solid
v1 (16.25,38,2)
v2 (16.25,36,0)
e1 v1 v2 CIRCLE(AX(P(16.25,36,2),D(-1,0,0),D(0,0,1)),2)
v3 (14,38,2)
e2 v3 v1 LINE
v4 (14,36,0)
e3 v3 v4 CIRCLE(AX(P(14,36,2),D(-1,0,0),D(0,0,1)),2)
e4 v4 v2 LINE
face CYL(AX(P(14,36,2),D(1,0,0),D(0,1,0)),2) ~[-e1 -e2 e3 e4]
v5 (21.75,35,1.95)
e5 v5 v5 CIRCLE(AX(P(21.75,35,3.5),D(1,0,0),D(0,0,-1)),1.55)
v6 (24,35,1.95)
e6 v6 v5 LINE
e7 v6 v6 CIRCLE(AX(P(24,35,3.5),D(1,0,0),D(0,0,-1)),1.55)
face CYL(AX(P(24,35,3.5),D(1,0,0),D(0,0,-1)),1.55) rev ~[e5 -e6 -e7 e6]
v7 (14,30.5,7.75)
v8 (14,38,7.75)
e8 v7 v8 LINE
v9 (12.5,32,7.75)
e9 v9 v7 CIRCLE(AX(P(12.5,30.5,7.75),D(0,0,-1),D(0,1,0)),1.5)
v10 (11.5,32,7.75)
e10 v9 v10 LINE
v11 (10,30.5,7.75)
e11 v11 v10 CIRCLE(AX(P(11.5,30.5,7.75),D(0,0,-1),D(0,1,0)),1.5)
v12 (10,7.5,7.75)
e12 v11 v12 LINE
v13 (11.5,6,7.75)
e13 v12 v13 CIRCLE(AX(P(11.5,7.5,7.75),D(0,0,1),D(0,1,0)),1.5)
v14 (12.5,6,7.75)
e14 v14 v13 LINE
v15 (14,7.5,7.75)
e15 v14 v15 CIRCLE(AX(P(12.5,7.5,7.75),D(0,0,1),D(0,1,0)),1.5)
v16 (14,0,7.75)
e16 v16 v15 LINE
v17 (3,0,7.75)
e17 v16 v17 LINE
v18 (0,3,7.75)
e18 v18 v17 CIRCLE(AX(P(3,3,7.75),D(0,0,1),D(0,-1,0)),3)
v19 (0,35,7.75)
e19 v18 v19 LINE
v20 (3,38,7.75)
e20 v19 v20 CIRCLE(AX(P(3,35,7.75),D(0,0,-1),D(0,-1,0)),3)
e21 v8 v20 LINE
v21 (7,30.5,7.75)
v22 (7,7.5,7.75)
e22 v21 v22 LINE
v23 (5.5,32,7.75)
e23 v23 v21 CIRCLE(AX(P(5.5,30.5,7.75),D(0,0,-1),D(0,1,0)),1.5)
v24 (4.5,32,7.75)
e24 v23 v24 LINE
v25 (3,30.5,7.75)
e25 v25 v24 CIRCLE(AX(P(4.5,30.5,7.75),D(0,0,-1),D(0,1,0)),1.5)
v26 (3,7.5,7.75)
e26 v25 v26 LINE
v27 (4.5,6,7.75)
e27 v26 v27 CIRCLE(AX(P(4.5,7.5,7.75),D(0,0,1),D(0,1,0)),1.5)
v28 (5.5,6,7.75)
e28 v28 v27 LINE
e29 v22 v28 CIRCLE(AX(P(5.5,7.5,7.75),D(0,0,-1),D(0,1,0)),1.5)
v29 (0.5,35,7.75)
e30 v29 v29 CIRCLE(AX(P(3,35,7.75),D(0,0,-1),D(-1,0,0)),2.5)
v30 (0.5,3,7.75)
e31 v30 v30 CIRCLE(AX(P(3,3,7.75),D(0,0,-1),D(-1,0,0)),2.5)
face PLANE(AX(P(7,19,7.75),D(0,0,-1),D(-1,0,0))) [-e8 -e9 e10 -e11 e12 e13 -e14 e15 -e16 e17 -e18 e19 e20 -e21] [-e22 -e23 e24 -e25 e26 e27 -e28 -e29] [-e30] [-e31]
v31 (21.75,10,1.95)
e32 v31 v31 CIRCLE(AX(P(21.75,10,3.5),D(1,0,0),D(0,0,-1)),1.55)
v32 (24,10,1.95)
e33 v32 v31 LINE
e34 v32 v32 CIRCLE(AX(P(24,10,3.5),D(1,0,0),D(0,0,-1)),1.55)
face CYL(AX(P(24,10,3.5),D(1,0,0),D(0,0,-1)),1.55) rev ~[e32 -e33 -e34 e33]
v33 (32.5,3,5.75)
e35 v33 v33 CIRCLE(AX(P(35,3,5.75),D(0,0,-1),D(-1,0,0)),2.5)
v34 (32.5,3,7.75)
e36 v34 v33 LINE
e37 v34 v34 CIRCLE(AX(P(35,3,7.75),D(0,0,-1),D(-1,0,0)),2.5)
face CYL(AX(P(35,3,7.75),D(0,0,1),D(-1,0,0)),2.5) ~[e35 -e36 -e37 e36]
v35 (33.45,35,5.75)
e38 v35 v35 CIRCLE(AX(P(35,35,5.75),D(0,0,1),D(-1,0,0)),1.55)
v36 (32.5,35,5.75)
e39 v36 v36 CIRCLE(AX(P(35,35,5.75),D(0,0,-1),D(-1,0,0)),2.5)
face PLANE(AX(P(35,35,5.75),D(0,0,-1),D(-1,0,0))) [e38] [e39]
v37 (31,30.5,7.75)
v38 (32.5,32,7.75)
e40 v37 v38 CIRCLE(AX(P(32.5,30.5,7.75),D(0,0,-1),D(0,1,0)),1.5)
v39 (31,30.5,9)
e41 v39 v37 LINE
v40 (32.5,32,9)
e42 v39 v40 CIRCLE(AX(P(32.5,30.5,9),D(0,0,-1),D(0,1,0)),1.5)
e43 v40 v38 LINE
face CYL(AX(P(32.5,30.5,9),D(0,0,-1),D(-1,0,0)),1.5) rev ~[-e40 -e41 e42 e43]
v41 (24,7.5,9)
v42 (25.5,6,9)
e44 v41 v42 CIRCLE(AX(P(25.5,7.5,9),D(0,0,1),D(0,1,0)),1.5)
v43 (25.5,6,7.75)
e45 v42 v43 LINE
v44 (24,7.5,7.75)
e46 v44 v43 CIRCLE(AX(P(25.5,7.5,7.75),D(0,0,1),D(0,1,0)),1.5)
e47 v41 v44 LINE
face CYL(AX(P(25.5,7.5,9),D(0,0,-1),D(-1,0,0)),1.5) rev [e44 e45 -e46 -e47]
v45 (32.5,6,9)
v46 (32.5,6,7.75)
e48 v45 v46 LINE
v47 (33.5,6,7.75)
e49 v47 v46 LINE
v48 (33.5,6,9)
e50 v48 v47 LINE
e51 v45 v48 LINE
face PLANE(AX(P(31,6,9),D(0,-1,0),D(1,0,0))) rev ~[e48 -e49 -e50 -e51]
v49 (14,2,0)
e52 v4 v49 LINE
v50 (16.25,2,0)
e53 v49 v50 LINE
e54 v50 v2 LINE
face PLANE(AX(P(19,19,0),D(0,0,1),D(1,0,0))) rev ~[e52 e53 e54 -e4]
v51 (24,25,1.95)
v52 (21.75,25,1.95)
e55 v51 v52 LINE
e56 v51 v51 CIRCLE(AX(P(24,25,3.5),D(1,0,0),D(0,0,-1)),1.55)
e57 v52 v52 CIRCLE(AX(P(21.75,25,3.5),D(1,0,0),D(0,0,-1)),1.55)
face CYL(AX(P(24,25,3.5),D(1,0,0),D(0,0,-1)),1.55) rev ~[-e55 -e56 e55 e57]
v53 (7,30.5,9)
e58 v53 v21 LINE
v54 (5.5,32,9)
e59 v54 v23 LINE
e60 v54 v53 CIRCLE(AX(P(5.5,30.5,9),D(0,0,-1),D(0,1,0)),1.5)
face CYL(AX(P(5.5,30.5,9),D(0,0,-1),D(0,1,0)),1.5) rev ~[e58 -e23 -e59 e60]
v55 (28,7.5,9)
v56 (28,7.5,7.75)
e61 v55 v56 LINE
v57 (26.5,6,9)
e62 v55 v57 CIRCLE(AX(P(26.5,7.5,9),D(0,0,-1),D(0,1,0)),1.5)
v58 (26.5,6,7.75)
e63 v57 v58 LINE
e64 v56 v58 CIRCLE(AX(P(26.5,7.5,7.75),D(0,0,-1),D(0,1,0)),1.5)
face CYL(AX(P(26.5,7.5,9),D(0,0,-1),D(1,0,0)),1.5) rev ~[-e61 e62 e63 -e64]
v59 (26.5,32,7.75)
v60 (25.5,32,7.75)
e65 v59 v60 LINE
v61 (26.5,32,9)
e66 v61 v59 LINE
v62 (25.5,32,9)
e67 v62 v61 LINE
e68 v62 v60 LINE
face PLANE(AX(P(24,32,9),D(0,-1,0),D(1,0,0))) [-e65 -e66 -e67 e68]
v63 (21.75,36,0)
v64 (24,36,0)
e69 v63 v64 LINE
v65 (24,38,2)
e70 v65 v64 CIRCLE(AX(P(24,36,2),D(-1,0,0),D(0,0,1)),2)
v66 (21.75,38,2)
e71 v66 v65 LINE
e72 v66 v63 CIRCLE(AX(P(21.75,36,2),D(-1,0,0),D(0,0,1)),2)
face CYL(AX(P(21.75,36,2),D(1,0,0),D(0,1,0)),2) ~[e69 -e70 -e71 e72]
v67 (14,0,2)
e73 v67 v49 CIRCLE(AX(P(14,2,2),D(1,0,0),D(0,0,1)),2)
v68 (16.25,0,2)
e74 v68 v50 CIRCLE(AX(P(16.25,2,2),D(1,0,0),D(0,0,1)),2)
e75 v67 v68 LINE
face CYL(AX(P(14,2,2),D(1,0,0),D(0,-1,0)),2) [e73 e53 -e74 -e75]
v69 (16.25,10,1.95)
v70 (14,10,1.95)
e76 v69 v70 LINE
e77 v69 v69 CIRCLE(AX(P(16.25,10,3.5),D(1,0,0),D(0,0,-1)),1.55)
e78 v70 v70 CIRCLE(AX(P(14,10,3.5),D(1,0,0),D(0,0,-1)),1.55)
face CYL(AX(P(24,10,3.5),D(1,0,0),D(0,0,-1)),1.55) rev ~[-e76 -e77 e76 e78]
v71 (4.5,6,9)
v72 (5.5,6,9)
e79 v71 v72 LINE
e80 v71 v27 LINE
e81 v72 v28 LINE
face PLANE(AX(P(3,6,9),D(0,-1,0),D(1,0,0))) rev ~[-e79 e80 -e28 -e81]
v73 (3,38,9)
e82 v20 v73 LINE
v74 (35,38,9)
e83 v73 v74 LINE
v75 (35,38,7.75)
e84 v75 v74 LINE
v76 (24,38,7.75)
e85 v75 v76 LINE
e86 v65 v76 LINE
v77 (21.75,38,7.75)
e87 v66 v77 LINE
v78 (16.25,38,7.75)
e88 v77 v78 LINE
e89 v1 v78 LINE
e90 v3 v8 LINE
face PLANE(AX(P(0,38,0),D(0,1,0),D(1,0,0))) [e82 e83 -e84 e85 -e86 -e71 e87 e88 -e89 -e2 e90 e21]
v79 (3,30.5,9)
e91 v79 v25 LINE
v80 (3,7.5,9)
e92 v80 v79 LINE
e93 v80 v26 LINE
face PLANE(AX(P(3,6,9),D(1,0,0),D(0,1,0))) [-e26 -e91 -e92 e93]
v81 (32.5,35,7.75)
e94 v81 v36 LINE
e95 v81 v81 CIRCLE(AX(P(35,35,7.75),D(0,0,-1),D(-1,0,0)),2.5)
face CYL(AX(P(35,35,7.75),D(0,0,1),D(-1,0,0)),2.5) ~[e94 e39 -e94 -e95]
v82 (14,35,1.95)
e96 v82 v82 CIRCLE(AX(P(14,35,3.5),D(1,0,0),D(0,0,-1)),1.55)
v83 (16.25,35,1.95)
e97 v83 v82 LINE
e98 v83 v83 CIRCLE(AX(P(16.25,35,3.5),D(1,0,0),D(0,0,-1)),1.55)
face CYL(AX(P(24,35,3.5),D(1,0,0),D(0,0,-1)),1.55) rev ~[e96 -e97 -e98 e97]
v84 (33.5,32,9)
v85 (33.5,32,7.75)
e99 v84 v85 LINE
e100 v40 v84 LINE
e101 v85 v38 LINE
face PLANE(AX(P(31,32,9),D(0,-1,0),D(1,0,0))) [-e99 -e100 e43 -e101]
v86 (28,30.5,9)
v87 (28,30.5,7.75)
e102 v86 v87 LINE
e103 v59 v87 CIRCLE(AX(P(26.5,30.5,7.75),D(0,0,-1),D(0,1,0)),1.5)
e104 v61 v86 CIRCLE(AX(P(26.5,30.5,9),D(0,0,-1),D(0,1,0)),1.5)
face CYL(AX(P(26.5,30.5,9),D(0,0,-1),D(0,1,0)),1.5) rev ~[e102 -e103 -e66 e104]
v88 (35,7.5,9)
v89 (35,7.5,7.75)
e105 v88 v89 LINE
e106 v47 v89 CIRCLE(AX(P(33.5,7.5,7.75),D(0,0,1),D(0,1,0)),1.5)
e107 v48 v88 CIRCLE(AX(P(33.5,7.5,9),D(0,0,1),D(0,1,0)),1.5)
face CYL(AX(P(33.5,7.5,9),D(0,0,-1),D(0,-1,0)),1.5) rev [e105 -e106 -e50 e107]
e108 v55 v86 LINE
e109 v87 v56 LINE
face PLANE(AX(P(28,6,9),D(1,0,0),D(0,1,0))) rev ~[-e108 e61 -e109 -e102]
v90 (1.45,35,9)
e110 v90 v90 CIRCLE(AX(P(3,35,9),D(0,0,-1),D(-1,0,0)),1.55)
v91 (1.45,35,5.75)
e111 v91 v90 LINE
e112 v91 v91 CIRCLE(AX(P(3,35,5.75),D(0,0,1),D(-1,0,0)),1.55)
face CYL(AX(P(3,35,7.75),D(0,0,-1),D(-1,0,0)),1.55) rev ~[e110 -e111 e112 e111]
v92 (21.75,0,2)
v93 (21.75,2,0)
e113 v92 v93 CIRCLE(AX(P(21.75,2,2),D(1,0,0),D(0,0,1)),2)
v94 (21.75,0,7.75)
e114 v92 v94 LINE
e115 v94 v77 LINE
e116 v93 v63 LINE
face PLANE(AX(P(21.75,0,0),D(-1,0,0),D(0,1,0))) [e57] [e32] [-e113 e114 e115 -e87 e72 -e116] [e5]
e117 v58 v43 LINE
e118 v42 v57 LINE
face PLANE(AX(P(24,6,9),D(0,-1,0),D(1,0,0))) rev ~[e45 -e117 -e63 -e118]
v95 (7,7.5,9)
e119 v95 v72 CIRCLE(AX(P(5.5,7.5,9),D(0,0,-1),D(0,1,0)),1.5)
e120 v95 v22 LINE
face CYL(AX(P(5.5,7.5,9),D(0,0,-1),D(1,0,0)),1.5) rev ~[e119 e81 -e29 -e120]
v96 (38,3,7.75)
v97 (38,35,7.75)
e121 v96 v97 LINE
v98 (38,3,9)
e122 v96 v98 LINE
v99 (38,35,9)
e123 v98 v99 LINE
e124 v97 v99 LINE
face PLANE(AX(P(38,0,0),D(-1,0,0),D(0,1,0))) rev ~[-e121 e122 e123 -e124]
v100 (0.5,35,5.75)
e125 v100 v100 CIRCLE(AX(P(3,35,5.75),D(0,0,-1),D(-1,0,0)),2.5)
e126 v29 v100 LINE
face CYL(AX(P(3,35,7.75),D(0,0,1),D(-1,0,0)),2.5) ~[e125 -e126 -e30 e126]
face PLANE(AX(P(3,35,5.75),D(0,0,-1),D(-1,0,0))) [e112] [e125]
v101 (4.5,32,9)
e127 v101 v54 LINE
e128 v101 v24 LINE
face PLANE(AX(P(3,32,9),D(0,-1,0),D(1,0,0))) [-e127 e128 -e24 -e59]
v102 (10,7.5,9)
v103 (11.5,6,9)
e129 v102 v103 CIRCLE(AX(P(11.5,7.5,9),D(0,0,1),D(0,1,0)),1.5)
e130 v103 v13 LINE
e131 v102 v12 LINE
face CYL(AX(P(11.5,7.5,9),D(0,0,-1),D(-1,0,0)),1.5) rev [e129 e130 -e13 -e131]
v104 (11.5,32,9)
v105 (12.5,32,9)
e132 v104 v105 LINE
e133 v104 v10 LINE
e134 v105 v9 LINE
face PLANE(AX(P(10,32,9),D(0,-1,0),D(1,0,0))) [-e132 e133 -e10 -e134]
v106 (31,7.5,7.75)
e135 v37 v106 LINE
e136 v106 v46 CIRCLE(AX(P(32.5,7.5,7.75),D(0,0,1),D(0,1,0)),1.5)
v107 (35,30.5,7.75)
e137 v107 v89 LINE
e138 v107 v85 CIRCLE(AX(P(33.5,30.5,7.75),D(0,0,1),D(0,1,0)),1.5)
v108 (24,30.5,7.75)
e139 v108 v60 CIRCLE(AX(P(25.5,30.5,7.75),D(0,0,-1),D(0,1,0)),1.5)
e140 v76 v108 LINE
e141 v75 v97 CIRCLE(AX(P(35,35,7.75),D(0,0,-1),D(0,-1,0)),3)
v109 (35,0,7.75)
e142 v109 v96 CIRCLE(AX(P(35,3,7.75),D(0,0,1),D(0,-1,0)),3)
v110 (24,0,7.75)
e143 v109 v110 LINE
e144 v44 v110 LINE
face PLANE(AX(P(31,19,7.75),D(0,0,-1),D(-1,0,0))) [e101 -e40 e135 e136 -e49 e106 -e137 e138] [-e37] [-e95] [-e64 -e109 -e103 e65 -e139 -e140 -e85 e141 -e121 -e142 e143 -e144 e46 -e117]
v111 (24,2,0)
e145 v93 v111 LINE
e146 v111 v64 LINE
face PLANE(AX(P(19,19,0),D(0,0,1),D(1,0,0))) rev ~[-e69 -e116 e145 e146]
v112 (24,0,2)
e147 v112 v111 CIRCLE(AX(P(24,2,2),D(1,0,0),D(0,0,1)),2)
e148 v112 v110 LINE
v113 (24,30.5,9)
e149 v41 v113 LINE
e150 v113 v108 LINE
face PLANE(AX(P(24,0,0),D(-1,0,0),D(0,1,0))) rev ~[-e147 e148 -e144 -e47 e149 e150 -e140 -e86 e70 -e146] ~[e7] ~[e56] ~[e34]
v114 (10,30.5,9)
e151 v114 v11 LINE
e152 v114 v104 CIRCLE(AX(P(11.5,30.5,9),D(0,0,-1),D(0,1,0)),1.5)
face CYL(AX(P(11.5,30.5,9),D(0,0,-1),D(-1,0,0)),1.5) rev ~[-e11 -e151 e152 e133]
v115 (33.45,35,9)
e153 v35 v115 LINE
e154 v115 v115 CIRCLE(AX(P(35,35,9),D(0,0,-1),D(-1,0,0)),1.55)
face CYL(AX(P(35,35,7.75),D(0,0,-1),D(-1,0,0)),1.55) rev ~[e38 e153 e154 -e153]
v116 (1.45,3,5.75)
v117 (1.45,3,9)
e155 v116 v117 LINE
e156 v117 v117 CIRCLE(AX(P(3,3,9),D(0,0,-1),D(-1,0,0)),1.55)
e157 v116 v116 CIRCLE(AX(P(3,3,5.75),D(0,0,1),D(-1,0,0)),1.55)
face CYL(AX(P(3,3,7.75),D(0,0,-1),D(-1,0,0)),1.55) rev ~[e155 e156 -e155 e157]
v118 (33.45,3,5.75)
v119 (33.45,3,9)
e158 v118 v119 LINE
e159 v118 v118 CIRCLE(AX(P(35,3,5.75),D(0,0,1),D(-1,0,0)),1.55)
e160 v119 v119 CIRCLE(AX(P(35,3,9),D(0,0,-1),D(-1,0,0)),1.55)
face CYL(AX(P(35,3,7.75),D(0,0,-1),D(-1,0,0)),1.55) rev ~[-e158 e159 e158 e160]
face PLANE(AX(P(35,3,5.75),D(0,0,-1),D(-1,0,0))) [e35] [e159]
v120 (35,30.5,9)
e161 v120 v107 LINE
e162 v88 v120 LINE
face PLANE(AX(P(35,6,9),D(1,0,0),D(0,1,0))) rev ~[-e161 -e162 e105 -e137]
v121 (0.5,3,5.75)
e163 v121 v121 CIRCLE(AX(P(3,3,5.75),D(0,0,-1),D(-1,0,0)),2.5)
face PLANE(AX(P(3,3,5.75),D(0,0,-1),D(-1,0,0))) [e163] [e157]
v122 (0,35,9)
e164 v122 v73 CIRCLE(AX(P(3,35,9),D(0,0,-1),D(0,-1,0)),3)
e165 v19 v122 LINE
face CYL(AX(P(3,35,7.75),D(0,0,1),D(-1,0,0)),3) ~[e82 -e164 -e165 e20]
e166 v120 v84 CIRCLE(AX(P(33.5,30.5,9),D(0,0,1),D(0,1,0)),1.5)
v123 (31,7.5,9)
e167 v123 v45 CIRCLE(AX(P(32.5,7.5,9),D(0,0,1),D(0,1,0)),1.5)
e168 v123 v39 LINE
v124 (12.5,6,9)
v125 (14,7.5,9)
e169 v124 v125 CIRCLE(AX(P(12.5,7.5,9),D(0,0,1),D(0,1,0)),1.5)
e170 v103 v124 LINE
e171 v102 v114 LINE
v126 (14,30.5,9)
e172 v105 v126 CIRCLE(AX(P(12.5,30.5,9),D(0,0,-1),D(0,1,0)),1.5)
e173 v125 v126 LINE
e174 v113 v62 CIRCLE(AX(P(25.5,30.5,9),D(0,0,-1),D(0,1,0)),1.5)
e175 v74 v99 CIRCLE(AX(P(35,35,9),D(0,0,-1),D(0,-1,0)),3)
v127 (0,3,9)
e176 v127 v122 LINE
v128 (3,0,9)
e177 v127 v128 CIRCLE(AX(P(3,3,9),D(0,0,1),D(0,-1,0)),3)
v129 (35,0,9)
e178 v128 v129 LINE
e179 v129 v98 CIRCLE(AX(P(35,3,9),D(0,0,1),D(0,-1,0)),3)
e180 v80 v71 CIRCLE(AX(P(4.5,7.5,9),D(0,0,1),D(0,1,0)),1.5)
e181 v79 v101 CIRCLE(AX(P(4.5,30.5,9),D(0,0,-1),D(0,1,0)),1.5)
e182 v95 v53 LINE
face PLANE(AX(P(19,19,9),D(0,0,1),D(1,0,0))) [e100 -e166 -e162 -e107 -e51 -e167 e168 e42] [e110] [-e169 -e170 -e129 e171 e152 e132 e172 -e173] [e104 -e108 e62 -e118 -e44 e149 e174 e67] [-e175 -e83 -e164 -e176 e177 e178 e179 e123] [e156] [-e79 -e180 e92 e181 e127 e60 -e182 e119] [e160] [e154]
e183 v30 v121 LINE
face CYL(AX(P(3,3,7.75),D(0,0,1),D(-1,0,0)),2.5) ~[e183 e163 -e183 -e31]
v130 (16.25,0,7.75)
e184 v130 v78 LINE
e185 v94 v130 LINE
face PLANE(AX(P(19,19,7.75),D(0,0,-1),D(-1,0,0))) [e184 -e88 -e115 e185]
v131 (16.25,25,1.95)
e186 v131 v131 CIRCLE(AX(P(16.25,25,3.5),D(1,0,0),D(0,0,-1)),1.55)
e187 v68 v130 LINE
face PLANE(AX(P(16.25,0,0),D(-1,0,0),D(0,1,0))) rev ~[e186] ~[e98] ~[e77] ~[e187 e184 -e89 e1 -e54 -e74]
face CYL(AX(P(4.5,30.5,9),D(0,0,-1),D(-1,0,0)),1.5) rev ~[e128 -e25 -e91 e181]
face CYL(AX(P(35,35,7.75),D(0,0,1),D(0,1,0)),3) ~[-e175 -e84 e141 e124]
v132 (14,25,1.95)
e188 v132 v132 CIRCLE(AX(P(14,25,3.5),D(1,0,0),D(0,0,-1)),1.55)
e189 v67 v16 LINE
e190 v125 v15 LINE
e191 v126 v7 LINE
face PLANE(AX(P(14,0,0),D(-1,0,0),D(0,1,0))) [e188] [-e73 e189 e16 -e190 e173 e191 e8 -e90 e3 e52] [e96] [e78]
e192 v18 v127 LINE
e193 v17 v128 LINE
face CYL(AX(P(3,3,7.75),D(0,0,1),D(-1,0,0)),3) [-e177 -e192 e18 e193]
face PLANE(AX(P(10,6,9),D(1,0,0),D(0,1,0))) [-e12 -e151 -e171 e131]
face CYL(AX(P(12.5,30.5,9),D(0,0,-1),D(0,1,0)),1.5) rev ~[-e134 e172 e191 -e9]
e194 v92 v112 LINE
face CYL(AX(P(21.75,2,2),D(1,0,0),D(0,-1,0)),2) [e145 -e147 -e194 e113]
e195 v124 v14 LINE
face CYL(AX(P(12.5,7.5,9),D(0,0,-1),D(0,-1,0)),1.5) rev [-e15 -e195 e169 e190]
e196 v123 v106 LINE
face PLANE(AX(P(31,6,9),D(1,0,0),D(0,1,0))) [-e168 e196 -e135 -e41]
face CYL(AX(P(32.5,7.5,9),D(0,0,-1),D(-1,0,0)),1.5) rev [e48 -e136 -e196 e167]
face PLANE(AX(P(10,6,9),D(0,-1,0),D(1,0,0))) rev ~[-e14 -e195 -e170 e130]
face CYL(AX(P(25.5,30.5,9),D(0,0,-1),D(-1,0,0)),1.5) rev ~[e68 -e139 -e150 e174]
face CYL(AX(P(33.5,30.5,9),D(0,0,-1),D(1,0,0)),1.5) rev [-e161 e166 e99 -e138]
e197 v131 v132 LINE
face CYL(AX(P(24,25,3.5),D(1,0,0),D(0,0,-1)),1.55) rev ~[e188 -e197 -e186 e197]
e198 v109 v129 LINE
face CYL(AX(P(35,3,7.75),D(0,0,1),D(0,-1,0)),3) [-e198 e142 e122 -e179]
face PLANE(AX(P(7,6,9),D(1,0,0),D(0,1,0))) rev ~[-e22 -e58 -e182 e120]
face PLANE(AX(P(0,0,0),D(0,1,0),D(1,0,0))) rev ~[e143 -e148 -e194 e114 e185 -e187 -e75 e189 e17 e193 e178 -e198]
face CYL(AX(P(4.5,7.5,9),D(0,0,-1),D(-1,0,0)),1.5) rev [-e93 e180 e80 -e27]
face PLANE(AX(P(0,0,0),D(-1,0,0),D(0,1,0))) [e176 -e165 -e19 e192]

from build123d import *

# Parameters (mm, degrees)
ESQUISSE1_W                  = 38
ESQUISSE1_H                  = 38
BOSS_EXTRU_1_DEPTH           = 9
ESQUISSE2_W                  = 14
ESQUISSE2_H                  = 38
ESQUISSE2_W_2                = 5.5
ENL_V_MAT_EXTRU_1_DEPTH      = 7.75
ESQUISSE3_R                  = 1.55
ENL_V_MAT_EXTRU_2_DEPTH      = 25
CONG_1_R                     = 3
CONG_2_R                     = 2
ESQUISSE9_R                  = 2.5
BOSS_EXTRU_2_DEPTH           = 2
ESQUISSE5_R                  = 1.55
ENL_V_MAT_EXTRU_4_DEPTH      = 8.75
ENL_V_MAT_EXTRU_4_DEPTH_BACK = 2.25
ESQUISSE10_W                 = 4
ESQUISSE10_H                 = 26
ENL_V_MAT_EXTRU_5_DEPTH      = 10
CONG_3_R                     = 1.5


with BuildPart() as part:
    # Esquisse1 → Boss.-Extru.1 (new body)
    with BuildSketch(Plane.XY):
        with Locations((19, 19)):
            Rectangle(ESQUISSE1_W, ESQUISSE1_H)
    extrude(amount=BOSS_EXTRU_1_DEPTH)

    # Esquisse2 → Enlèv. mat.-Extru.1 (cut)
    with BuildSketch(Plane(origin=(0, 0, 0), x_dir=(-1, 0, 0), z_dir=(0, 0, -1))):
        with Locations((-7, 19)):
            Rectangle(ESQUISSE2_W, ESQUISSE2_H)
        with Locations((-31, 19)):
            Rectangle(ESQUISSE2_W, ESQUISSE2_H)
        with Locations((-19, 19)):
            Rectangle(ESQUISSE2_W_2, ESQUISSE2_H)
    extrude(amount=-ENL_V_MAT_EXTRU_1_DEPTH, mode=Mode.SUBTRACT)

    # Esquisse3 → Enlèv. mat.-Extru.2 (cut, through all)
    with BuildSketch(Plane(origin=(24, 0, 0), x_dir=(0, 0, -1), z_dir=(1, 0, 0))):
        with Locations((-3.5, 10)):
            Circle(ESQUISSE3_R)
        with Locations((-3.5, 35)):
            Circle(ESQUISSE3_R)
        with Locations((-3.5, 25)):
            Circle(ESQUISSE3_R)
    extrude(amount=-ENL_V_MAT_EXTRU_2_DEPTH, mode=Mode.SUBTRACT)

    # Congé1
    cong_1_edges = [part.edges().sort_by_distance(p)[0] for p in [
        (0, 38, 8.375),
        (38, 38, 8.375),
        (38, 0, 8.375),
        (0, 0, 8.375),
    ]]
    fillet(cong_1_edges, radius=CONG_1_R)

    # Congé2
    cong_2_edges = [part.edges().sort_by_distance(p)[0] for p in [
        (22.875, 38, 0),
        (15.125, 38, 0),
        (15.125, 0, 0),
        (22.875, 0, 0),
    ]]
    fillet(cong_2_edges, radius=CONG_2_R)

    # Esquisse9 → Boss.-Extru.2 (add)
    with BuildSketch(Plane(origin=(0, 0, 7.75), x_dir=(-1, 0, 0), z_dir=(0, 0, -1))):
        with Locations((-35, 35)):
            Circle(ESQUISSE9_R)
        with Locations((-3, 35)):
            Circle(ESQUISSE9_R)
        with Locations((-3, 3)):
            Circle(ESQUISSE9_R)
        with Locations((-35, 3)):
            Circle(ESQUISSE9_R)
    extrude(amount=BOSS_EXTRU_2_DEPTH)

    # Esquisse5 → Enlèv. mat.-Extru.4 (cut, two sides)
    with BuildSketch(Plane(origin=(0, 0, 7.75), x_dir=(-1, 0, 0), z_dir=(0, 0, -1))) as enl_v_mat_extru_4_sk:
        with Locations((-35, 35)):
            Circle(ESQUISSE5_R)
        with Locations((-35, 3)):
            Circle(ESQUISSE5_R)
        with Locations((-3, 3)):
            Circle(ESQUISSE5_R)
        with Locations((-3, 35)):
            Circle(ESQUISSE5_R)
    extrude(amount=ENL_V_MAT_EXTRU_4_DEPTH, mode=Mode.SUBTRACT)
    extrude(enl_v_mat_extru_4_sk.sketch, amount=-ENL_V_MAT_EXTRU_4_DEPTH_BACK, mode=Mode.SUBTRACT)

    # Esquisse10 → Enlèv. mat.-Extru.5 (cut, through all)
    with BuildSketch(Plane.XY.offset(9)):
        with Locations((12, 19)):
            Rectangle(ESQUISSE10_W, ESQUISSE10_H)
        with Locations((5, 19)):
            Rectangle(ESQUISSE10_W, ESQUISSE10_H)
        with Locations((26, 19)):
            Rectangle(ESQUISSE10_W, ESQUISSE10_H)
        with Locations((33, 19)):
            Rectangle(ESQUISSE10_W, ESQUISSE10_H)
    extrude(amount=-ENL_V_MAT_EXTRU_5_DEPTH, mode=Mode.SUBTRACT)

    # Congé3
    cong_3_edges = [part.edges().sort_by_distance(p)[0] for p in [
        (3, 6, 8.375),
        (3, 32, 8.375),
        (7, 32, 8.375),
        (7, 6, 8.375),
        (24, 6, 8.375),
        (24, 32, 8.375),
        (28, 32, 8.375),
        (28, 6, 8.375),
        (35, 32, 8.375),
        (35, 6, 8.375),
        (31, 6, 8.375),
        (31, 32, 8.375),
        (14, 32, 8.375),
        (10, 6, 8.375),
        (10, 32, 8.375),
        (14, 6, 8.375),
    ]]
    fillet(cong_3_edges, radius=CONG_3_R)


solid = part.part
